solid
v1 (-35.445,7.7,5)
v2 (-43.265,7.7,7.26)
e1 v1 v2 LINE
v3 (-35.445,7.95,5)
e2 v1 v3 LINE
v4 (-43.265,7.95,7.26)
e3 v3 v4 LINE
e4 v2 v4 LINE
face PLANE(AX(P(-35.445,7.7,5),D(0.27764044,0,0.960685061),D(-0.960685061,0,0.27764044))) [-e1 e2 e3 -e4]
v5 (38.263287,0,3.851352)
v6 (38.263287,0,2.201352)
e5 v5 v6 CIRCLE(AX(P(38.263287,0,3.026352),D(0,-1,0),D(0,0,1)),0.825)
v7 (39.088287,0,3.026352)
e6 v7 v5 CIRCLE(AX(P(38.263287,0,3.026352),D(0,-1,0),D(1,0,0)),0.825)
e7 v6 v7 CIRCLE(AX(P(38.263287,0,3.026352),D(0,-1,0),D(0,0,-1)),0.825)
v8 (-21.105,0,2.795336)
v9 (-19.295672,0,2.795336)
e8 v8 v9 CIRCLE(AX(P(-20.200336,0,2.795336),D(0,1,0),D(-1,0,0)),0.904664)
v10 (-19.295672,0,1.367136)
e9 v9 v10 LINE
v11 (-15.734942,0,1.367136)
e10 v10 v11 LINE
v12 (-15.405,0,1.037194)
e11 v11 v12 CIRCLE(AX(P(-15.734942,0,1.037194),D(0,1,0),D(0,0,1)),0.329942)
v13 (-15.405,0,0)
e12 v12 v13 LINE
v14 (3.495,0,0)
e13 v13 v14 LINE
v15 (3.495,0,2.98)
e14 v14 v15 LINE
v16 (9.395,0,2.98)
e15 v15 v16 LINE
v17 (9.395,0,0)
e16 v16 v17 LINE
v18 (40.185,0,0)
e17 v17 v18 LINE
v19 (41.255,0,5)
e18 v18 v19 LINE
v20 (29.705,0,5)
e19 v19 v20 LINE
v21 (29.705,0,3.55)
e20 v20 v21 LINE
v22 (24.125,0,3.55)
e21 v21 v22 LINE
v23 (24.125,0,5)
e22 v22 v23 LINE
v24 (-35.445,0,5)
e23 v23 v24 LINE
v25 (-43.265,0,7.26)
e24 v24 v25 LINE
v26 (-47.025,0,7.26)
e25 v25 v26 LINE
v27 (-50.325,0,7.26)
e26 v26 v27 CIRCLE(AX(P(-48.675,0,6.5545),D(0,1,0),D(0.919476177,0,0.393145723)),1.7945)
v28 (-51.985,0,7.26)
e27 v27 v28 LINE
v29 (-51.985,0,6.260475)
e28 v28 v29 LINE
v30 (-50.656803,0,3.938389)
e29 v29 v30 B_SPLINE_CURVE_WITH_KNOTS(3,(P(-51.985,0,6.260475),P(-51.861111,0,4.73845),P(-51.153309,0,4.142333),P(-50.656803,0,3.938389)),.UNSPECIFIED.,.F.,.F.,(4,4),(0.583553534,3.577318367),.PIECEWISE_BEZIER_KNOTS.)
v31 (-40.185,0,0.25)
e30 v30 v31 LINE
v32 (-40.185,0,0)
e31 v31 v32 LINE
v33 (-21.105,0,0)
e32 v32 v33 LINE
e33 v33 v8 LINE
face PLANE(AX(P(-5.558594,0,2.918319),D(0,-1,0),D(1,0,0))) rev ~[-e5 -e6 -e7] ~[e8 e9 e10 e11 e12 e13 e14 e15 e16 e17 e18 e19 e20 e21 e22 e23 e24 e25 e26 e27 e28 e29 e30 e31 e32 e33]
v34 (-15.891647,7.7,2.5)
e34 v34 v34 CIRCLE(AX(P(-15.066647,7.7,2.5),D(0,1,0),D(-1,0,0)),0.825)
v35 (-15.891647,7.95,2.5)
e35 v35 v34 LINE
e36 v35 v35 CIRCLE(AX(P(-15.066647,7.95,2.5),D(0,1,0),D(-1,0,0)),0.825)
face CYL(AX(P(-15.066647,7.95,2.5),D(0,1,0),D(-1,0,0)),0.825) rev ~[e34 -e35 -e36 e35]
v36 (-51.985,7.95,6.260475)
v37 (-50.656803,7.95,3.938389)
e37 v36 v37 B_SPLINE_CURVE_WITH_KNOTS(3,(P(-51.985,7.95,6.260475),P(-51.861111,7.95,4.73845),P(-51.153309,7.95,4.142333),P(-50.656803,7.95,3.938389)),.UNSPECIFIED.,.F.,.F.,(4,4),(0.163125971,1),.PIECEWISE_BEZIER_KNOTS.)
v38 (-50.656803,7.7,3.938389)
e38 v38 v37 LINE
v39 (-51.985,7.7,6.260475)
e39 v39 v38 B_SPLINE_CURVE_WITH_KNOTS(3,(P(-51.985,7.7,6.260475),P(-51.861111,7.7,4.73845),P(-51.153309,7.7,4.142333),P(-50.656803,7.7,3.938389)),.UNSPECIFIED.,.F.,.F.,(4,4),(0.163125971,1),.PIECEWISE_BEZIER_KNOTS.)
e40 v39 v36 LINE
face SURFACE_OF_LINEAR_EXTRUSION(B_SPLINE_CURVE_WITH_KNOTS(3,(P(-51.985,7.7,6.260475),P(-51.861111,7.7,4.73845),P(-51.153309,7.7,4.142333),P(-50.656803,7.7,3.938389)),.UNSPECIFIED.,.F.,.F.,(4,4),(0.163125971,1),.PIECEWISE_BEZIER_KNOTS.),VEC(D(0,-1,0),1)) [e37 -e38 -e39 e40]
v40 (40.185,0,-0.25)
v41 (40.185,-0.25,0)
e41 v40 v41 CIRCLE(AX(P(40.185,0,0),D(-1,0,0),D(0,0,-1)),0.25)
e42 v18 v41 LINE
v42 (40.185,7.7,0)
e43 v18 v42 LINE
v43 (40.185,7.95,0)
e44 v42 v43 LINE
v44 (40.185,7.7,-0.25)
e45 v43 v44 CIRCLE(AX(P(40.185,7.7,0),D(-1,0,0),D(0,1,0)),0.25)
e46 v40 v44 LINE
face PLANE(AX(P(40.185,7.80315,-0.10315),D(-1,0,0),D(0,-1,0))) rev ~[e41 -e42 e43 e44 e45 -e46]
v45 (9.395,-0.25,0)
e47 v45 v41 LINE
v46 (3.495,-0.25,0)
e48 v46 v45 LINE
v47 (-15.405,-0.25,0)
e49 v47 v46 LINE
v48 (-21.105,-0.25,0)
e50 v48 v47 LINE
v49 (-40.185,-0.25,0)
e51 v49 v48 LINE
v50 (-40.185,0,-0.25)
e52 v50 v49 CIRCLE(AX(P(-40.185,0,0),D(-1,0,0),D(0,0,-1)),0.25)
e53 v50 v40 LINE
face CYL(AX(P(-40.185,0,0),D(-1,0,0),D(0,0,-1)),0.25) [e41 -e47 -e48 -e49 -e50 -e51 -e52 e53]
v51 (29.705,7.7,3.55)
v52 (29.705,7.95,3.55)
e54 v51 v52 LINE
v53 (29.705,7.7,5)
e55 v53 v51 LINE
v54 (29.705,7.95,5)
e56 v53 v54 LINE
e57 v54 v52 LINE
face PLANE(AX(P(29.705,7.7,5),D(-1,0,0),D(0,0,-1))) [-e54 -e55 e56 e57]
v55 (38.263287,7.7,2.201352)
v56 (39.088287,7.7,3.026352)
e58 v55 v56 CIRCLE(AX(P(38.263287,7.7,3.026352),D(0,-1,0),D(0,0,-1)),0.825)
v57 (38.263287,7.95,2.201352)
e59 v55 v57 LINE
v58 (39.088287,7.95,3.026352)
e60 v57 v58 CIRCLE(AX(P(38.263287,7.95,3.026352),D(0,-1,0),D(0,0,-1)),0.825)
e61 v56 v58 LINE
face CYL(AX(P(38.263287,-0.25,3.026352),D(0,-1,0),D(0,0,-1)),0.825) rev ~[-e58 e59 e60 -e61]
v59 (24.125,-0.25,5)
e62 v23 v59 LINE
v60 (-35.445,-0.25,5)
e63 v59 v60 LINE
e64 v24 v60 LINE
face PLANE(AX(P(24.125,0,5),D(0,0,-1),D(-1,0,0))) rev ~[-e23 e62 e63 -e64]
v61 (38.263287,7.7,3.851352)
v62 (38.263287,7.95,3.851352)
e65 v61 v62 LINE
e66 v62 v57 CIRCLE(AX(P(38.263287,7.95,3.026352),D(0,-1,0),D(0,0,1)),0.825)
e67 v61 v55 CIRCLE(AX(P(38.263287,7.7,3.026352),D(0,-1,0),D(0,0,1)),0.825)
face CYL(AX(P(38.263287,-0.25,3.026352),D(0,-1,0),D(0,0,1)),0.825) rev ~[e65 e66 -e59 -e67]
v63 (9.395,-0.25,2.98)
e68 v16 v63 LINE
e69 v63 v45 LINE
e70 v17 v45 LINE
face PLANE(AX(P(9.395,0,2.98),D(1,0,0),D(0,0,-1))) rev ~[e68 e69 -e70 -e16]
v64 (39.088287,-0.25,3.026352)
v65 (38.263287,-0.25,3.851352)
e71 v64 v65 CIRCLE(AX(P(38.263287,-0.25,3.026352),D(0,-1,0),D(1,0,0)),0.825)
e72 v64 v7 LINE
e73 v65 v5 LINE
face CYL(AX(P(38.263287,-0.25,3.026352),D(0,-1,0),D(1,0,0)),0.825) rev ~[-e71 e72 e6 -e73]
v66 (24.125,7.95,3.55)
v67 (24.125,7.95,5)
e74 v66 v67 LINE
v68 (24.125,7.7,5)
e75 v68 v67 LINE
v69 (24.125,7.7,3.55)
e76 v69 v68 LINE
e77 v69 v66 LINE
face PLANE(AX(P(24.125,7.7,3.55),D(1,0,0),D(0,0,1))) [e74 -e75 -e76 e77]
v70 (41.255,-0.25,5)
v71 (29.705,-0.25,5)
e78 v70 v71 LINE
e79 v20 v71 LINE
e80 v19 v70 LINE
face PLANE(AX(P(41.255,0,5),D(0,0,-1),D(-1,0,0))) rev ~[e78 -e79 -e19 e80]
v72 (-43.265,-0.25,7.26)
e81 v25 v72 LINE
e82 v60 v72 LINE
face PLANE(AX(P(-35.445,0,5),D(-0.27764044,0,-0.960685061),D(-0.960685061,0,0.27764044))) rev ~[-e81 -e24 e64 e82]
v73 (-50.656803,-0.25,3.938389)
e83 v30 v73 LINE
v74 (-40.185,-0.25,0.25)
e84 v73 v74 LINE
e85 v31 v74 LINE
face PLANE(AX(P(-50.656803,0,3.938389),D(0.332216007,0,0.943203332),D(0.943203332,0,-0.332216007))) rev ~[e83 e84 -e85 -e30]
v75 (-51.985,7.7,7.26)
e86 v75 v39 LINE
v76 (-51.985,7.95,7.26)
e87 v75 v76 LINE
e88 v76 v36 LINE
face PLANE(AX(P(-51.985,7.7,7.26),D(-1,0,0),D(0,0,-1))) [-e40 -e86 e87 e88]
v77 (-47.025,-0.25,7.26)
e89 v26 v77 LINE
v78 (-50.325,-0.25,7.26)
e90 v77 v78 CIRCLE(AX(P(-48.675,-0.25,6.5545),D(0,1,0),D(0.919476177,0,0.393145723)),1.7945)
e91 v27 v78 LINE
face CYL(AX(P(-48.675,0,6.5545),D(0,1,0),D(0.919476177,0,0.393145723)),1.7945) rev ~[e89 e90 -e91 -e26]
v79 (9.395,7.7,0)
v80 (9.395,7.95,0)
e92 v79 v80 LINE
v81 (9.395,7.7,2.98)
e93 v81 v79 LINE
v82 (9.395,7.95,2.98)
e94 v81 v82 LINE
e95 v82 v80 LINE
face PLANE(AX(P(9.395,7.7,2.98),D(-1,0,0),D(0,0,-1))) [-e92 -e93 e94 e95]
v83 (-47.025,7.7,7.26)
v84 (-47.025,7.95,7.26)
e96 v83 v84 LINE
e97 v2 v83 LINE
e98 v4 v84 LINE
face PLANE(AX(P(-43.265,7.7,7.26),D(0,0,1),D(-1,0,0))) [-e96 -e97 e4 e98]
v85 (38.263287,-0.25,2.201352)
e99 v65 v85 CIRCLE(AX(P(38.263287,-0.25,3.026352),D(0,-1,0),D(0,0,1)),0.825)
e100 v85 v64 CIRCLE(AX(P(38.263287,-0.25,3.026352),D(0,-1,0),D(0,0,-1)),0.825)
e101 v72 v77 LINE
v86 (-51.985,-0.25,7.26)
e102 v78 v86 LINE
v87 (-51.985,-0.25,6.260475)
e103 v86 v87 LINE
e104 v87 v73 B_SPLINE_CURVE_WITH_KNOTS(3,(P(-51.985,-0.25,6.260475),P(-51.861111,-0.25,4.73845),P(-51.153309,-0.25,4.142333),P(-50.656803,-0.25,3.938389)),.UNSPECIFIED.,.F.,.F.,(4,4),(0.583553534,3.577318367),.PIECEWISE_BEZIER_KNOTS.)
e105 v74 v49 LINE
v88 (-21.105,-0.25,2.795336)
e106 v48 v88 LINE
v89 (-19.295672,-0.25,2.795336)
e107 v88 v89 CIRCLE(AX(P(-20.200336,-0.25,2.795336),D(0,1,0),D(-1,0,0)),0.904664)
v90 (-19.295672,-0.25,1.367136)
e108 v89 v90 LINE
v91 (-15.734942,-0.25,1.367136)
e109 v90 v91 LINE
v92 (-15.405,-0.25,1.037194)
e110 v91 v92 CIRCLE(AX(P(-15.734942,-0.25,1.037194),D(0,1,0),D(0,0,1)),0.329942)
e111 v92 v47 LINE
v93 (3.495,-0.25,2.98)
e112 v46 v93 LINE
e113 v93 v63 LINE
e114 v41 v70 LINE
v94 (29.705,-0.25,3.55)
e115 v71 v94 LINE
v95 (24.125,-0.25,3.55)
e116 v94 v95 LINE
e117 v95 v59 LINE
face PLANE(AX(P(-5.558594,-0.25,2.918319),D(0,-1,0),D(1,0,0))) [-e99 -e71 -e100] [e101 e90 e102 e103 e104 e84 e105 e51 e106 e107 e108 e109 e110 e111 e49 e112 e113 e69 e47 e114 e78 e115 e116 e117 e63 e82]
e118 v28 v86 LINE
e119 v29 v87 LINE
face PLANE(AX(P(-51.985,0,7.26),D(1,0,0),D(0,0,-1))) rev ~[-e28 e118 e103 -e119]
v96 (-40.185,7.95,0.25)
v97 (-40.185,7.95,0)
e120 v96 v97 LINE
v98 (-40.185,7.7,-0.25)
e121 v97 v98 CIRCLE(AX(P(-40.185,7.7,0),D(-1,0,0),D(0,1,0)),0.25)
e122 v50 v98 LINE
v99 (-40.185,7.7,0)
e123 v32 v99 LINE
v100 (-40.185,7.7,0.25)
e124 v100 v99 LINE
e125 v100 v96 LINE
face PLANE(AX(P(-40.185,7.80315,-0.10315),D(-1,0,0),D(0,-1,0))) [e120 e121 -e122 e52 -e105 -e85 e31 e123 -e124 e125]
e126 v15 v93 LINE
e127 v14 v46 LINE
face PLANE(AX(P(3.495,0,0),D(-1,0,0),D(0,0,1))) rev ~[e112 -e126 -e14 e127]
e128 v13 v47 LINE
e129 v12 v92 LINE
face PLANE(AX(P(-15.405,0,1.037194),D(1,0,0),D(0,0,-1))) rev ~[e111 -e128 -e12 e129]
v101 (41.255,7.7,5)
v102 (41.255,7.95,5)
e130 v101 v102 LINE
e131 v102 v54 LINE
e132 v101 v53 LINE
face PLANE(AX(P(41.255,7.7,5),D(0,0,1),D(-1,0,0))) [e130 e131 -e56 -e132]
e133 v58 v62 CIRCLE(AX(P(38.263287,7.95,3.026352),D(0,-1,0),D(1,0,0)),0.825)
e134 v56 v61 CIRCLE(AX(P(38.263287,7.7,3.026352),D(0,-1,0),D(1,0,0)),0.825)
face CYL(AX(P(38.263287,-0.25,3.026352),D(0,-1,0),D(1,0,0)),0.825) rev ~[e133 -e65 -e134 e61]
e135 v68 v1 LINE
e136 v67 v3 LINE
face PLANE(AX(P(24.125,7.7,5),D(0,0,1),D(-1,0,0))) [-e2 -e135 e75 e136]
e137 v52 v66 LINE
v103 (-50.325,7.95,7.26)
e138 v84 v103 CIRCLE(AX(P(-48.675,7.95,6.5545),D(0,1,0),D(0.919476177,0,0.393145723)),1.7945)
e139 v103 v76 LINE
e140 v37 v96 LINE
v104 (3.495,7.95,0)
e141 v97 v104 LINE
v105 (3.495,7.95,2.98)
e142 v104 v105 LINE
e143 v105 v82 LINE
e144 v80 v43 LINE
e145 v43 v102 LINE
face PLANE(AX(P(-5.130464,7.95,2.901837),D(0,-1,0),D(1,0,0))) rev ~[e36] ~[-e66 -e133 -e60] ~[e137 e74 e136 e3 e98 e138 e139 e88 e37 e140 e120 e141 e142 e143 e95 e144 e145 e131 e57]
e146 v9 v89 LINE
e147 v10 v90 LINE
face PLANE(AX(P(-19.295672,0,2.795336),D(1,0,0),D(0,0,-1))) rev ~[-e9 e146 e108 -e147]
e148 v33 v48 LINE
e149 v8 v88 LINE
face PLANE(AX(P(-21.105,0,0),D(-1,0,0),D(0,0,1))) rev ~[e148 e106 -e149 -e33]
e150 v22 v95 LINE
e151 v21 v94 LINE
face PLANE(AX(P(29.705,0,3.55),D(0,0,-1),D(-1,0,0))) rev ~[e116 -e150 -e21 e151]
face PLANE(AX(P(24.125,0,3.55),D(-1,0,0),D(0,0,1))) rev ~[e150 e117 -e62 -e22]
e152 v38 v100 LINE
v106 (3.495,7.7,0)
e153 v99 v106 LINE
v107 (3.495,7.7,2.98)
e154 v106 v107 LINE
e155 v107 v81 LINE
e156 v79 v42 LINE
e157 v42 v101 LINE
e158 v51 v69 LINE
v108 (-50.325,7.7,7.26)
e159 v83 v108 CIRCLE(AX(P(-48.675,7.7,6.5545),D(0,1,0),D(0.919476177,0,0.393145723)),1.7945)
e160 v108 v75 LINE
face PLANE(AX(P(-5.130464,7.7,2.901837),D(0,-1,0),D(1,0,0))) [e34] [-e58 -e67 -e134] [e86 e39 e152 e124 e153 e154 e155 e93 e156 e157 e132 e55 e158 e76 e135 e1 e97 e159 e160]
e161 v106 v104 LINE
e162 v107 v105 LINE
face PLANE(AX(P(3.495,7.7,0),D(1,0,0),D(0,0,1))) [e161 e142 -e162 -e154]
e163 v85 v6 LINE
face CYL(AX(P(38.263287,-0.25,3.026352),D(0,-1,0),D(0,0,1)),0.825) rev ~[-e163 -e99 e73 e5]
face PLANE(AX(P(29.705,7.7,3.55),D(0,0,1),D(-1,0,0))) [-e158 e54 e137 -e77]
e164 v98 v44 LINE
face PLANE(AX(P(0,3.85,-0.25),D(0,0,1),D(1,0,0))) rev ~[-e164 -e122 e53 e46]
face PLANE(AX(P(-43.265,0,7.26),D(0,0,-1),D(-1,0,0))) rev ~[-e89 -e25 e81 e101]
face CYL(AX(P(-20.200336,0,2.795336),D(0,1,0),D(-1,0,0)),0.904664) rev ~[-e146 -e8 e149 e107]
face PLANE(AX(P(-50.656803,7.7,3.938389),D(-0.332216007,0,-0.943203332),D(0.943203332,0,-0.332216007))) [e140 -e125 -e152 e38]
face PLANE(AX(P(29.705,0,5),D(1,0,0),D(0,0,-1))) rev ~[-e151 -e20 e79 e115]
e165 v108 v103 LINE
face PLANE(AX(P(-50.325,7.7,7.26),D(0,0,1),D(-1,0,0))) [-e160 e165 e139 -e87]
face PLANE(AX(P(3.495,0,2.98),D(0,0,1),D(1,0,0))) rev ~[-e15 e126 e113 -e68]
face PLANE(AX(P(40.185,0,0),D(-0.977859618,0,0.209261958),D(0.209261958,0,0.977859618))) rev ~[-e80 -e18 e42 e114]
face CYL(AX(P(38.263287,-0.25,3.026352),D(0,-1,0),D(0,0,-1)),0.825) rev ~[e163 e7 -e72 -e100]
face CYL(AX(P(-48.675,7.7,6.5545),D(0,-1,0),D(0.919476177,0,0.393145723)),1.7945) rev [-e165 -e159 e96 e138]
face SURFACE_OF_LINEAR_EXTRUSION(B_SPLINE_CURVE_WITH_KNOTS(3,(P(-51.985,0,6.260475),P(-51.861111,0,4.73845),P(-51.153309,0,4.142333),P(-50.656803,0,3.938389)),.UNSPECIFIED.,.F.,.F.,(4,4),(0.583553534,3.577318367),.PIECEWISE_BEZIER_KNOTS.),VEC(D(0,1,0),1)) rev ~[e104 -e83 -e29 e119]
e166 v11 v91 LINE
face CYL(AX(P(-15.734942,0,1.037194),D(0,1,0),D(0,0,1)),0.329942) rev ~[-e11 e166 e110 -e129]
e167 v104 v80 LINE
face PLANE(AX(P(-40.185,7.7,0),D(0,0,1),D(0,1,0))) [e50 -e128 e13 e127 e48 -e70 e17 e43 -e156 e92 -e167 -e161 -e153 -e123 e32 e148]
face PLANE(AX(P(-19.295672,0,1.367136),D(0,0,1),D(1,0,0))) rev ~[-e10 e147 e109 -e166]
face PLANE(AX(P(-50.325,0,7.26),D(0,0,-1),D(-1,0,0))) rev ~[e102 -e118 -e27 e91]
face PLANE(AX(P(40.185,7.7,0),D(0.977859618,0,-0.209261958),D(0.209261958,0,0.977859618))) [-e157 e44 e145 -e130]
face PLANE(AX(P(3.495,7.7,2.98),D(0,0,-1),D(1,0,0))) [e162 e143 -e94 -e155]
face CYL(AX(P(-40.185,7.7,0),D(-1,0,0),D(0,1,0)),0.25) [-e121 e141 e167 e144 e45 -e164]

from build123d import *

# Parameters (mm, degrees)
F3_DEPTH  = 0.25
F4_DEPTH  = 0.25
F5_W      = 80.37
F5_H      = 7.7
F6_DEPTH  = 0.25
F8_DEPTH  = 80.37
F10_DEPTH = 80.37
F12_DEPTH = 8.2010001
F13_R     = 0.825
F14_DEPTH = 2


with BuildPart() as f3:
    # F0 (on Front) → F3 (new body)
    with BuildSketch(Plane.XZ):
        with BuildLine():
            Line((-40.185, 0.25), (-40.185, 0))
            Line((-40.185, 0), (-21.105, 0))
            Line((-21.105, 0), (-21.105, 2.7953359774))
            ThreePointArc((-21.105, 2.7953359774), (-20.2003359774, 3.7), (-19.2956719548, 2.7953359774))
            Line((-19.2956719548, 2.7953359774), (-19.2956719548, 1.3671361376))
            Line((-19.2956719548, 1.3671361376), (-15.7349420673, 1.3671361376))
            ThreePointArc((-15.7349420673, 1.3671361376), (-15.5016377941, 1.2704983434), (-15.405, 1.0371940702))
            Line((-15.405, 1.0371940702), (-15.405, 0))
            Line((-15.405, 0), (3.495, 0))
            Line((3.495, 0), (3.495, 2.98))
            Line((3.495, 2.98), (9.395, 2.98))
            Line((9.395, 2.98), (9.395, 0))
            Line((9.395, 0), (40.185, 0))
            Line((40.185, 0), (41.255, 5))
            Line((41.255, 5), (29.705, 5))
            Line((29.705, 5), (29.705, 3.55))
            Line((29.705, 3.55), (24.125, 3.55))
            Line((24.125, 3.55), (24.125, 5))
            Line((24.125, 5), (-35.445, 5))
            Line((-35.445, 5), (-43.265, 7.26))
            Line((-43.265, 7.26), (-47.025, 7.26))
            ThreePointArc((-47.025, 7.26), (-48.675, 4.76), (-50.325, 7.26))
            Line((-50.325, 7.26), (-51.985, 7.26))
            Line((-51.985, 7.26), (-51.985, 6.2604746746))
            add(Edge.make_bspline(
                [(-51.985, 6.2604746746), (-51.8611107918, 4.7384496413), (-51.1533093269, 4.1423325476), (-50.6568033495, 3.9383888915)],
                knots=[0.5835535338, 0.5835535338, 0.5835535338, 0.5835535338, 3.577318367, 3.577318367, 3.577318367, 3.577318367], degree=3))
            Line((-50.6568033495, 3.9383888915), (-40.185, 0.25))
        make_face()
    extrude(amount=F3_DEPTH)



with BuildPart() as f4:
    # F2 (on offset) → F4 (new body)
    with BuildSketch(Plane.XZ.offset(-7.7)):
        with BuildLine():
            Line((3.495, 2.98), (9.395, 2.98))
            Line((9.395, 2.98), (9.395, 0))
            Line((9.395, 0), (40.185, 0))
            Line((40.185, 0), (41.255, 5))
            Line((41.255, 5), (29.705, 5))
            Line((29.705, 5), (29.705, 3.55))
            Line((29.705, 3.55), (24.125, 3.55))
            Line((24.125, 3.55), (24.125, 5))
            Line((24.125, 5), (-35.445, 5))
            Line((-35.445, 5), (-43.265, 7.26))
            Line((-43.265, 7.26), (-47.025, 7.26))
            ThreePointArc((-47.025, 7.26), (-48.675, 4.76), (-50.325, 7.26))
            Line((-50.325, 7.26), (-51.985, 7.26))
            Line((-51.985, 7.26), (-51.985, 6.2604746746))
            add(Edge.make_bspline(
                [(-51.985, 6.2604746746), (-51.8611107918, 4.7384496413), (-51.1533093269, 4.1423325476), (-50.6568033495, 3.9383888915)],
                knots=[0.1631259715, 0.1631259715, 0.1631259715, 0.1631259715, 1, 1, 1, 1], degree=3))
            Line((-50.6568033495, 3.9383888915), (-40.185, 0.25))
            Line((-40.185, 0.25), (-40.185, 0))
            Line((-40.185, 0), (-21.105, 0))
            Line((-21.105, 0), (-15.405, 0))
            Line((-15.405, 0), (3.495, 0))
            Line((3.495, 0), (3.495, 2.98))
        make_face()
    extrude(amount=-F4_DEPTH)


with BuildPart() as f6:
    # F5 (on Top) → F6 (new body)
    with BuildSketch(Plane.XY):
        with Locations((0, 3.85)):
            Rectangle(F5_W, F5_H)
    extrude(amount=-F6_DEPTH)


with BuildPart() as f3_1:
    add(f3.part)

    add(f6.part)  # F8 merges F6
    # F7 (on face) → F8 (join, through all)
    with BuildSketch(Plane(origin=(-40.185, 0, 0), x_dir=(0, -1, 0), z_dir=(-1, 0, 0))):
        with BuildLine():
            Line((0, 0), (0, -0.25))
            ThreePointArc((0, -0.25), (0.1767766953, -0.1767766953), (0.25, 0))
            Line((0.25, 0), (0, 0))
        make_face()
    extrude(amount=-F8_DEPTH)


    add(f4.part)  # F10 merges F4
    # F9 (on face) → F10 (join, through all)
    with BuildSketch(Plane(origin=(-40.185, 0, 0), x_dir=(0, -1, 0), z_dir=(-1, 0, 0))):
        with BuildLine():
            Line((-7.7, 0), (-7.95, 0))
            ThreePointArc((-7.95, 0), (-7.8767766953, -0.1767766953), (-7.7, -0.25))
            Line((-7.7, -0.25), (-7.7, 0))
        make_face()
    extrude(amount=-F10_DEPTH)

    # F11 (on face) → F12 (cut, through all)
    with BuildSketch(Plane.XZ.offset(0.25)):
        with BuildLine():
            ThreePointArc((38.2632873952, 2.2013515081), (38.8466504897, 2.4429884136), (39.0882873952, 3.0263515081))
            ThreePointArc((39.0882873952, 3.0263515081), (38.8466504897, 3.6097146026), (38.2632873952, 3.8513515081))
            Line((38.2632873952, 3.8513515081), (38.2632873952, 2.2013515081))
        make_face()
        with BuildLine():
            Line((38.2632873952, 2.2013515081), (38.2632873952, 3.8513515081))
            ThreePointArc((38.2632873952, 3.8513515081), (37.4382873952, 3.0263515081), (38.2632873952, 2.2013515081))
        make_face()
    extrude(amount=-F12_DEPTH, mode=Mode.SUBTRACT)

    # F13 (on face) → F14 (cut)
    with BuildSketch(Plane(origin=(0, 7.95, 0), x_dir=(-1, 0, 0), z_dir=(0, 1, 0))):
        with Locations((15.0666469708, 2.5)):
            Circle(F13_R)
    extrude(amount=-F14_DEPTH, mode=Mode.SUBTRACT)


solid = f3_1.part
